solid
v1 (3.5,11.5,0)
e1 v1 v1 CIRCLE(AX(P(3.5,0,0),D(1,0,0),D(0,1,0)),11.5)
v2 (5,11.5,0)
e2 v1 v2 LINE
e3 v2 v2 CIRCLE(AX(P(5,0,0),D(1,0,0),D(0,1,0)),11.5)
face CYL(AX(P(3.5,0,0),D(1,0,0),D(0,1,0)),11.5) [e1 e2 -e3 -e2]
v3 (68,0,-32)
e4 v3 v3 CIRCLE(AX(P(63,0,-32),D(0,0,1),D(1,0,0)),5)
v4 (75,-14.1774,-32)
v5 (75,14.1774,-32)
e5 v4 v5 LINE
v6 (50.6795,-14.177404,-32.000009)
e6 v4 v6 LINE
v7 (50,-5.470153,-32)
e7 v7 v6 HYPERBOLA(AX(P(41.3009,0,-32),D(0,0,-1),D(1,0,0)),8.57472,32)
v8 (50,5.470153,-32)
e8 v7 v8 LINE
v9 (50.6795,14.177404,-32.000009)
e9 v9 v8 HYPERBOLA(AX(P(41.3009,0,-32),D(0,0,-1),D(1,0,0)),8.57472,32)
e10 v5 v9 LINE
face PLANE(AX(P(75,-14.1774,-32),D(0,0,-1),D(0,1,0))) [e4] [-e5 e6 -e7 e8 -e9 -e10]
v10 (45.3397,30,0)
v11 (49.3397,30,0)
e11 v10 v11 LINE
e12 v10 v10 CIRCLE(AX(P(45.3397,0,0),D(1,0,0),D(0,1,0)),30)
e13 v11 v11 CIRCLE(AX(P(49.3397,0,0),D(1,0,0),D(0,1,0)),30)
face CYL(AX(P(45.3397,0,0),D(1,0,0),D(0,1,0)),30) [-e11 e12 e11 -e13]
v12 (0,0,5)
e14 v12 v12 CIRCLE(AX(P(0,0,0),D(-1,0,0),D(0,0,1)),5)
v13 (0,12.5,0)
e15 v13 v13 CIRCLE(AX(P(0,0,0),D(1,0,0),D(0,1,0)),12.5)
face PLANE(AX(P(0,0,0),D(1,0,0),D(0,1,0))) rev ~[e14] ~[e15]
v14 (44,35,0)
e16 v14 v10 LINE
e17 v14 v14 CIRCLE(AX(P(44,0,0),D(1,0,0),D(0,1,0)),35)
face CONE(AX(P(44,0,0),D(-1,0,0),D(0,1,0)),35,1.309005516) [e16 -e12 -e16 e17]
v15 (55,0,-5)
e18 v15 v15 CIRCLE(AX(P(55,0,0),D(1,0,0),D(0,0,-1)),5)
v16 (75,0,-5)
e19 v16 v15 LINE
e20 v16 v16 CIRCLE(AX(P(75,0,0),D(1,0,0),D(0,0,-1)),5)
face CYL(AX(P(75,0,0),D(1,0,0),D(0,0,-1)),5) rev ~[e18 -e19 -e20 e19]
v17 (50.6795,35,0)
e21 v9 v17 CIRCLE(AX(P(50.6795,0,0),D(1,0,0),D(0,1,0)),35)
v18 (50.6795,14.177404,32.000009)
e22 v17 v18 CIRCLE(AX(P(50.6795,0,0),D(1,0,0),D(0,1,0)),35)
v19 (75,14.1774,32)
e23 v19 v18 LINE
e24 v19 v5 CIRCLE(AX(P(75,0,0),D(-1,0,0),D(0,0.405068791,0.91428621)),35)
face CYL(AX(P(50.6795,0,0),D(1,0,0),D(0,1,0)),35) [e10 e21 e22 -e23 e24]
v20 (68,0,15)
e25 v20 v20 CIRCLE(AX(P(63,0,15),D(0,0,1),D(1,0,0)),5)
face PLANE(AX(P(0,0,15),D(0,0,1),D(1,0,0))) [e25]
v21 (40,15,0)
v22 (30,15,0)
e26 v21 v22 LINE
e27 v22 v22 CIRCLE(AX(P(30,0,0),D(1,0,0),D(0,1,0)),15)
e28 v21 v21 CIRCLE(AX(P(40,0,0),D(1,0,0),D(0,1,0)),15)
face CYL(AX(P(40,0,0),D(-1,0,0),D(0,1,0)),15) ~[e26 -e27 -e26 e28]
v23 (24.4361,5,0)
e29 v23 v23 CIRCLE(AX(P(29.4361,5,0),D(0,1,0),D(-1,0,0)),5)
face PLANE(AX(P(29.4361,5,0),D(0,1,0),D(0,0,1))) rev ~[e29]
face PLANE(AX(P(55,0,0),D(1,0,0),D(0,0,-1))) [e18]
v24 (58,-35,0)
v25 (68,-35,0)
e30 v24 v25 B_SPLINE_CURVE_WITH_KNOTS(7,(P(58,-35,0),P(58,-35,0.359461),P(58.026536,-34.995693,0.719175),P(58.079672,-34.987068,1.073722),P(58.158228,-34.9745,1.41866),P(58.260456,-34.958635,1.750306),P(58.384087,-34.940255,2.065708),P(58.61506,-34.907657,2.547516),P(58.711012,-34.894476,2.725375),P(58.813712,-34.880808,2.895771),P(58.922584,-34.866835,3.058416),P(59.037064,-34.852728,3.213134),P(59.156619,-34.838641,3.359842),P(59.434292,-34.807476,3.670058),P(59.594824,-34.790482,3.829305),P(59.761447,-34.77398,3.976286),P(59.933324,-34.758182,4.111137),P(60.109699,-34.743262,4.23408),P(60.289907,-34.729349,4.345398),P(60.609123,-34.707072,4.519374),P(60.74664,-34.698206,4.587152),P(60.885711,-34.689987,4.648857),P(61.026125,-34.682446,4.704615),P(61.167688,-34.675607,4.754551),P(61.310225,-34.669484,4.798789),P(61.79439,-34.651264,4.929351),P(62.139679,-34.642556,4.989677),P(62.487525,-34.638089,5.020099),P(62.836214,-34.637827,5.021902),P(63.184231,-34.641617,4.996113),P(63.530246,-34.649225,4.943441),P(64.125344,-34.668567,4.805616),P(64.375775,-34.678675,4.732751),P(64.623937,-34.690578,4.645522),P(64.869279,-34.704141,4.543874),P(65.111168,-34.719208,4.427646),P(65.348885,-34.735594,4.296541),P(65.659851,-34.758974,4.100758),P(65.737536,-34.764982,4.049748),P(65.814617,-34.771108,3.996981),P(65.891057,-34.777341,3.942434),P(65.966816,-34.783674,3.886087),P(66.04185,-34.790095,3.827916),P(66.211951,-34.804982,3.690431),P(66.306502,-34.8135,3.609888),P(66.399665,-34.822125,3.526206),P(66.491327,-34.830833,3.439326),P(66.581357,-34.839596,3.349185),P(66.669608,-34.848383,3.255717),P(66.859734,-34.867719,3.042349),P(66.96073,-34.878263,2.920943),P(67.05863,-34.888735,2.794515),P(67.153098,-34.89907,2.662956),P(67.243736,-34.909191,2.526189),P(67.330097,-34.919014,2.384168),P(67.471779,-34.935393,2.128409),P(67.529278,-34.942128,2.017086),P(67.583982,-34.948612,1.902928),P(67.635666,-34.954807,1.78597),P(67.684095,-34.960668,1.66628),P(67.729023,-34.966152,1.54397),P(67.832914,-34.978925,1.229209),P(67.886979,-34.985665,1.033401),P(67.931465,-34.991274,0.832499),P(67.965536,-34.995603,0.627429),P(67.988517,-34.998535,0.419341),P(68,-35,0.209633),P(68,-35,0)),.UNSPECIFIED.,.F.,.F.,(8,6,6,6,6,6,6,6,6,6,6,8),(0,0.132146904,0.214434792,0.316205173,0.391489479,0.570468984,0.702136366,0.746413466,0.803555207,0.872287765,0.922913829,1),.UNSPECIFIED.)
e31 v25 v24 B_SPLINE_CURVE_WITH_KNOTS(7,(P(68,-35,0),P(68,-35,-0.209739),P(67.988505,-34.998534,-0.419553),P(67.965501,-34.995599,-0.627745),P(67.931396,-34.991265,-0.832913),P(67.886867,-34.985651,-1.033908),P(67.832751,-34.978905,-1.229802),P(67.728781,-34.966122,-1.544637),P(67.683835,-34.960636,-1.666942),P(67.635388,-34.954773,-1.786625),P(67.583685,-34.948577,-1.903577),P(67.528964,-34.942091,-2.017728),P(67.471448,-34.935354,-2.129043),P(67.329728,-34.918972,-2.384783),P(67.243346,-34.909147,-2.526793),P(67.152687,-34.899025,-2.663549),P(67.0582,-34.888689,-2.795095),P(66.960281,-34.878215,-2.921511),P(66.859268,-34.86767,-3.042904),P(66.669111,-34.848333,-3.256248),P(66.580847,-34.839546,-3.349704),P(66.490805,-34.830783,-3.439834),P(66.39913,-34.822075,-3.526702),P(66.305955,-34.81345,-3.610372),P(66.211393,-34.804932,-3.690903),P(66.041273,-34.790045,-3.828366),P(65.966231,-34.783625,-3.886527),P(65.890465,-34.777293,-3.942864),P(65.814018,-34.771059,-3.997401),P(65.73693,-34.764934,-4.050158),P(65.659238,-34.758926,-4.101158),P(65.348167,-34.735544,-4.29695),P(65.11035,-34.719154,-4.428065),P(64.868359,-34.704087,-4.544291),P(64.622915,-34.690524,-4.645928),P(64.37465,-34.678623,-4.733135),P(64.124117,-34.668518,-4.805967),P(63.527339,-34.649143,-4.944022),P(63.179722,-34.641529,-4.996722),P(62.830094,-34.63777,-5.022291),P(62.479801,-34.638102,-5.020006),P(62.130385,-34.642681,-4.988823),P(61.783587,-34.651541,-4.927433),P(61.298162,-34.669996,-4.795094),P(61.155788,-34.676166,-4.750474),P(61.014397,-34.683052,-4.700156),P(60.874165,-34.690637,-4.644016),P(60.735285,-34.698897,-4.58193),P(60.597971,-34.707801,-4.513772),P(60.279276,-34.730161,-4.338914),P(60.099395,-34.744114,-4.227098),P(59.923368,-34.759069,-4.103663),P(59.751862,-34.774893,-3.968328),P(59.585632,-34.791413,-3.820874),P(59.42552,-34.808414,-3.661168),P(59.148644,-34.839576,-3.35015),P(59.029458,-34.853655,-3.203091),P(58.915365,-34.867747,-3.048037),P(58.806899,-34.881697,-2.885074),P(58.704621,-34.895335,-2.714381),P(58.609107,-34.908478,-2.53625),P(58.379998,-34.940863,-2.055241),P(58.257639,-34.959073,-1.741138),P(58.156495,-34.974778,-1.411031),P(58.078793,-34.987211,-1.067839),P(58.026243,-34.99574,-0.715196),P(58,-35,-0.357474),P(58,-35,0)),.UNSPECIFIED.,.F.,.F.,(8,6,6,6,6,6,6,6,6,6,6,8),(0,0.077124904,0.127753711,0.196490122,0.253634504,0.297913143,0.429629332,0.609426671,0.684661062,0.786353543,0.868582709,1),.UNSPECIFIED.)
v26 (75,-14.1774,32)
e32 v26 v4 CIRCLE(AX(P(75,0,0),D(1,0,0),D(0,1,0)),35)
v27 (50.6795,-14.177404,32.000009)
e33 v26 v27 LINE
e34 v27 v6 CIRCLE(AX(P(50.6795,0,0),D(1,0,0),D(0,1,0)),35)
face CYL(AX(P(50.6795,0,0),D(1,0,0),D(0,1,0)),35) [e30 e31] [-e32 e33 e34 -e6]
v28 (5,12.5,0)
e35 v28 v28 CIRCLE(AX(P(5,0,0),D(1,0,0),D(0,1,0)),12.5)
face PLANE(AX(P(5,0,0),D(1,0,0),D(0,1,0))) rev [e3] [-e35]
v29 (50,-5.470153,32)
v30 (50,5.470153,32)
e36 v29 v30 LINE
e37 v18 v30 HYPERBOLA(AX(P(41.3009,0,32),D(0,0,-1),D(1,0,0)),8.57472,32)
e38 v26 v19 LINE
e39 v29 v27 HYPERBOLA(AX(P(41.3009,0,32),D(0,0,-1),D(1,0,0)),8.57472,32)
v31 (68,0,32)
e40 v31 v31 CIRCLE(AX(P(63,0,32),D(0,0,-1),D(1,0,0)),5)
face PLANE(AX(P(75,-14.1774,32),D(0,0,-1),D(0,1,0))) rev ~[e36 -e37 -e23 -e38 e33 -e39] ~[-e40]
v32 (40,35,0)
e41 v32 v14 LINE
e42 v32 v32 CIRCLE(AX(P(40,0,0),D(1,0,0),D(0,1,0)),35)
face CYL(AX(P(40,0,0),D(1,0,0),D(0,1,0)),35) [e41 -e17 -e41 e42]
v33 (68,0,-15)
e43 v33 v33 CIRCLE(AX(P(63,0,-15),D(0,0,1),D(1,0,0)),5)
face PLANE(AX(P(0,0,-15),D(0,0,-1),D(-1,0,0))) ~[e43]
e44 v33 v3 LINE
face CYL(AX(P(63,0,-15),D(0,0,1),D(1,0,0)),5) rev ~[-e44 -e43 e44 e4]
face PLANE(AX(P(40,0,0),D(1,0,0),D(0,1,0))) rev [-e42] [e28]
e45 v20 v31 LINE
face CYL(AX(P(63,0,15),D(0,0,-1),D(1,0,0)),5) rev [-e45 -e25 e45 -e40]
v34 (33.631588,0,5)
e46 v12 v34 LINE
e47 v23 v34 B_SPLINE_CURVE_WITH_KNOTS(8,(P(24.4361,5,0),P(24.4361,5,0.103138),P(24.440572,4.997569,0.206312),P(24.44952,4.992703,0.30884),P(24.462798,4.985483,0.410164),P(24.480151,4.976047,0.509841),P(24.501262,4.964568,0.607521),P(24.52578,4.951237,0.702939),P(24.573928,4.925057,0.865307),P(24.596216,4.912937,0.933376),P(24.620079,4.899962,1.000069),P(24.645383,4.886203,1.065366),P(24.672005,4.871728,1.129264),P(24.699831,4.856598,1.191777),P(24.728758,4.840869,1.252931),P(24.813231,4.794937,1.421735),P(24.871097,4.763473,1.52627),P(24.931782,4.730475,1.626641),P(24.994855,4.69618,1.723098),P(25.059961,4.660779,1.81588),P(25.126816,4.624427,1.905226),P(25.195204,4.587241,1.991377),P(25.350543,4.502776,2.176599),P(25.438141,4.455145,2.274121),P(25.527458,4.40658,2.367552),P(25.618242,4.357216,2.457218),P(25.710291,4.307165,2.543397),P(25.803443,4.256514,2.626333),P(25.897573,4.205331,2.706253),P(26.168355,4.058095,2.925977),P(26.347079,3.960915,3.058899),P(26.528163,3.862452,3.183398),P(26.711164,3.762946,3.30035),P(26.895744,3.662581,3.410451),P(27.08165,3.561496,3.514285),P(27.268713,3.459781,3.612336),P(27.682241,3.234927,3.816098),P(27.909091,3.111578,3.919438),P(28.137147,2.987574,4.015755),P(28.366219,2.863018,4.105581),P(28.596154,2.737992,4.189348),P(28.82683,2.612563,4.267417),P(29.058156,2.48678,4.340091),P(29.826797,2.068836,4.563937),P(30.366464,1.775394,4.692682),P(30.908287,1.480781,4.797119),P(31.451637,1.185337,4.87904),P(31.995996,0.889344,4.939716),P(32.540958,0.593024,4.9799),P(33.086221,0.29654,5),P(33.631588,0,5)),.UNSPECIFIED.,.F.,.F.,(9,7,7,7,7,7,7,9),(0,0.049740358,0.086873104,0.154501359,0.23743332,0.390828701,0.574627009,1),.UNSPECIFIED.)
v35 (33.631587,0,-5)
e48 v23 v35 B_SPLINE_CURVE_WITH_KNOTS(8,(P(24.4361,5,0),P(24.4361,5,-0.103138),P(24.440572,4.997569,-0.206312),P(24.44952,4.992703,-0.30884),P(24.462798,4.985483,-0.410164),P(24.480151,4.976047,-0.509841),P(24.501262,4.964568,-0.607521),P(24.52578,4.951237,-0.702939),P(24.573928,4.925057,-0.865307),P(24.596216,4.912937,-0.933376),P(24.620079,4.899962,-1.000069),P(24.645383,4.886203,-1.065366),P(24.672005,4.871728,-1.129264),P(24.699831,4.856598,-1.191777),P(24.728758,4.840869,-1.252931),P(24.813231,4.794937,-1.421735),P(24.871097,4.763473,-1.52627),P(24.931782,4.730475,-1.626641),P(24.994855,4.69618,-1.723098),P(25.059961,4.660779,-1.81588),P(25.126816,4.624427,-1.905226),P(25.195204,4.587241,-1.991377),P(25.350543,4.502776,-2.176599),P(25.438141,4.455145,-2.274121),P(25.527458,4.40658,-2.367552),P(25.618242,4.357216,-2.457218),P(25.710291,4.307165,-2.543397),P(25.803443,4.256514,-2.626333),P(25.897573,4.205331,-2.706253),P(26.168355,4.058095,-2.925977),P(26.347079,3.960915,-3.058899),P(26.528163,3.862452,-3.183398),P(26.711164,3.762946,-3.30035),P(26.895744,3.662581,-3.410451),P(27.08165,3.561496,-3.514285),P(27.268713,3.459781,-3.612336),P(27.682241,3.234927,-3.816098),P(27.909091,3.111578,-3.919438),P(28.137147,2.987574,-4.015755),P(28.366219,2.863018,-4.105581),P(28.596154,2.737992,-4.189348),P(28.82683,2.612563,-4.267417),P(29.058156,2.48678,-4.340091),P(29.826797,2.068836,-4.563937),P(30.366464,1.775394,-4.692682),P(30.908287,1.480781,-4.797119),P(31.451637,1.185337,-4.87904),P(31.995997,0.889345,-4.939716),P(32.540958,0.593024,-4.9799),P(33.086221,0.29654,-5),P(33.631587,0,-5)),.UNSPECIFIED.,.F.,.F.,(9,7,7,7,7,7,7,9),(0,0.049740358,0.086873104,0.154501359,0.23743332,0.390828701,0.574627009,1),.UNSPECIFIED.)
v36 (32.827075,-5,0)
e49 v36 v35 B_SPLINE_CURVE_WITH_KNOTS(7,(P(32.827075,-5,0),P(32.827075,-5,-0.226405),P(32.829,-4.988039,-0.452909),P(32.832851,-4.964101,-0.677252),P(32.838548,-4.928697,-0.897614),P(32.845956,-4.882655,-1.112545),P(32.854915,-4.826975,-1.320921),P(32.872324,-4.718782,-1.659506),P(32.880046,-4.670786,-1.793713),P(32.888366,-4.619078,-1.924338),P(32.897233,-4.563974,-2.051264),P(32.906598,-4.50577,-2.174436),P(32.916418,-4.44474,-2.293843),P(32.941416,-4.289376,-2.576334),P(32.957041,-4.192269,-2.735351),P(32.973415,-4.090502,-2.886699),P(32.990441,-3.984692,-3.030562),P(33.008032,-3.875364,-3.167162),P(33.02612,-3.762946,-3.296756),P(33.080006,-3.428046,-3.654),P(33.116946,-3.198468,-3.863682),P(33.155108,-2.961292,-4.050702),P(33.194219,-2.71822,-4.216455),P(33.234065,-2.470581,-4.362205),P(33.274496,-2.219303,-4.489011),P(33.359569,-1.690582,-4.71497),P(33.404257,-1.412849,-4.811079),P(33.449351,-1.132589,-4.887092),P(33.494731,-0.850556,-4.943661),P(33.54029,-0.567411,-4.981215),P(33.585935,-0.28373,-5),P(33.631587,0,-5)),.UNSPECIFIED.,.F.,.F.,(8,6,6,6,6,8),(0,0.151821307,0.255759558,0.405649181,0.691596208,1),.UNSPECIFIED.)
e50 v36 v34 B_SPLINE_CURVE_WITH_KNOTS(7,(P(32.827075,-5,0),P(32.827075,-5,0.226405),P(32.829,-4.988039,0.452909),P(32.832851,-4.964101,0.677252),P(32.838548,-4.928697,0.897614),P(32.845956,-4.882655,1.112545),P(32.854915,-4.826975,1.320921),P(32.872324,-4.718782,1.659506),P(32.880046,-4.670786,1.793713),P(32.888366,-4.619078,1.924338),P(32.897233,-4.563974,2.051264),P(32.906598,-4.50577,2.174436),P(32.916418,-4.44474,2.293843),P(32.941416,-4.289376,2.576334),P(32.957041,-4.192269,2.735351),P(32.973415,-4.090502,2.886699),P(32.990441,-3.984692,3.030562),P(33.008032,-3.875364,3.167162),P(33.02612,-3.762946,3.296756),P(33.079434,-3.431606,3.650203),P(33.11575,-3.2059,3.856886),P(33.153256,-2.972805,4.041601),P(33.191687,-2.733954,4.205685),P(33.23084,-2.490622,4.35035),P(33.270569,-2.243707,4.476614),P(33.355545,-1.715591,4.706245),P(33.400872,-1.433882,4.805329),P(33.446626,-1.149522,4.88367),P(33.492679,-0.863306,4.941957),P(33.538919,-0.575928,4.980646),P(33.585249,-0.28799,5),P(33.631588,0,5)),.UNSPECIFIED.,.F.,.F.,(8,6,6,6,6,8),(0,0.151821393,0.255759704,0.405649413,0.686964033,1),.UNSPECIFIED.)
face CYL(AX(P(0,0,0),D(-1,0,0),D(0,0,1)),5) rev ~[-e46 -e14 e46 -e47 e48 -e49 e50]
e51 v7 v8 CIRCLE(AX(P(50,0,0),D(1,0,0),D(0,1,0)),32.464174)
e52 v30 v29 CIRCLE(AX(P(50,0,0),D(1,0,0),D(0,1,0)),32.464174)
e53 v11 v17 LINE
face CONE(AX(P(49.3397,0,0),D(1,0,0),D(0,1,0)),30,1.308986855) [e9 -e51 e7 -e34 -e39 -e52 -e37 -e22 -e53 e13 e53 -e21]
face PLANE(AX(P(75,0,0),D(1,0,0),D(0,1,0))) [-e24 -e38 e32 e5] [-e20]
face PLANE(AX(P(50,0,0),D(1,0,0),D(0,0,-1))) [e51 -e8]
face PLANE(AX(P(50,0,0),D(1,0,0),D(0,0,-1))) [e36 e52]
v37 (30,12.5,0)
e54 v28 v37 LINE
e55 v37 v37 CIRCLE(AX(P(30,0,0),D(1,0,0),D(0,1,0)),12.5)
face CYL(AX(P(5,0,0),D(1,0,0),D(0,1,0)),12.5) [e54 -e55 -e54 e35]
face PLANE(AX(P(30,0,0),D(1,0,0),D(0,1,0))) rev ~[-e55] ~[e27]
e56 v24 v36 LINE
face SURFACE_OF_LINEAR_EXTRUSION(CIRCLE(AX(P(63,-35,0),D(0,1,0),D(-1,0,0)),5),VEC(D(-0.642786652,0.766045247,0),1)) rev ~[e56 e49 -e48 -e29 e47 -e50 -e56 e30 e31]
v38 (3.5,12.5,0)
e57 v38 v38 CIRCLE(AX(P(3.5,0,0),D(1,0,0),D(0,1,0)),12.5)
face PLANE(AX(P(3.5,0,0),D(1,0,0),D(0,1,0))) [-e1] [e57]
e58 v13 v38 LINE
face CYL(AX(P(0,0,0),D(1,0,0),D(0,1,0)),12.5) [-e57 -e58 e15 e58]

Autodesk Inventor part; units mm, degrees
ref_plane "YZ Plane" through (0, 0, 0) normal (1, 0, 0) x (0, 1, 0)
sketch "Boceto1" plane through (0, 0, 0) normal (0, 0, 1) x (1, 0, 0)
  line L0 (40, 35) -> (44, 35)
  line L1 (75, 35) -> (75, 0)
  line L2 (40, 12.5) -> (40, 15) construction
  line L3 (0, 0) -> (75, 0)
  line L4 (40, 15) -> (30, 15)
  line L5 (30, 15) -> (30, 12.5)
  line L6 (30, 12.5) -> (40, 12.5) construction
  line L7 (40, 15) -> (40, 35)
  line L8 (3.5, 12.5) -> (3.5, 11.5)
  line L9 (3.5, 11.5) -> (5, 11.5)
  line L10 (5, 11.5) -> (5, 12.5)
  line L11 (5, 12.5) -> (30, 12.5)
  line L12 (3.5, 12.5) -> (5, 12.5) construction
  line L13 (0, 12.5) -> (0, 0)
  line L14 (0, 12.5) -> (3.5, 12.5)
  line L15 (65, 35) -> (65, 0) construction
  line L16 (44, 35) -> (45.3397, 30)
  line L17 (45.3397, 30) -> (49.3397, 30)
  line L18 (49.3397, 30) -> (50.6795, 35)
  line L19 (47.3397, 30) -> (47.3397, 35) construction
  line L20 (47.3397, 35) -> (50.6795, 35) construction
  line L21 (44, 35) -> (47.3397, 35) construction
  line L22 (50.6795, 35) -> (75, 35)
  dimension "d59" = 75
  dimension "d61" = 35
  dimension "d82" = 35
  dimension "d111" = 10
  dimension "d112" = 15
  dimension "d113" = 1.5
  dimension "d114" = 1
  dimension "d115" = 25
  dimension "d130" = 12.5
  dimension "d133" = 10
  dimension "d134" = 2
  dimension "d135" = 105
  dimension "d136" = 105
  dimension "d137" = 5
  dimension "d138" = 4
revolve "Revolución1" add sketch "Boceto1" angle 360 about axis through (0, 0, 0) along (1, 0, 0)
ref_plane "Plano de trabajo3" through (0, 0, 15) normal (0, 0, 1) x (1, 0, 0)
sketch "Boceto3" plane through (0, 0, 15) normal (0, 0, 1) x (1, 0, 0)
  circle A0 centre (63, 0) radius 5
  line L0 (75, -35) -> (75, 35) projected
  point P0 (0, 0)
  dimension "d14" = 5
  dimension "d132" = 12
extrude "Extrusión1" cut sketch "Boceto3" along normal blind 80
mirror "Simetría1" about plane through (0, 0, 0) normal (0, 0, 1) of "Extrusión1"
sketch "Boceto10" plane through (75, 0, 0) normal (1, 0, 0) x (0, 0, -1)
  circle A0 centre (0, 0) radius 45.5
  circle A1 centre (0, 0) radius 12.5 construction
  circle A2 centre (0, 0) radius 5
  dimension "d116" = 91
  dimension "d117" = 10
extrude "Extrusión11" cut sketch "Boceto10" against normal blind 20 contours A2
thread "Rosca5"
thread "Rosca6"
thread "Rosca7"
ref_plane "Plano de trabajo6" through (62.8397, -35, 0) normal (0, 1, 0) x (-1, 0, 0)
sketch "Boceto15" plane through (62.8397, -35, 0) normal (0, 1, 0) x (-1, 0, 0)
  circle A0 centre (-0.1603, 0) radius 5
  line L0 (-12.1603, 35) -> (-12.1603, -35) projected
  point P0 (62.8397, 0)
  dimension "d139" = 10
  dimension "d140" = 12
sketch "Boceto16" plane through (0, 0, 0) normal (0, 0, 1) x (1, 0, 0)
  line L0 (50.6795, -35) -> (75, -35) projected
  line L1 (62.8397, -35) -> (29.2758, 5)
  line L2 (62.8397, -35) -> (62.8397, 5) construction
  point P0 (0, 0)
  dimension "d141" = 40
  dimension "d151" = 5
sweep "Barrido1" cut profiles "Boceto15" path "Boceto16" path curves L1
sketch "Boceto17" plane through (0, 0, 0) normal (-1, 0, 0) x (0, 0, 1)
  circle A0 centre (0, 0) radius 5 projected
  circle A1 centre (0, 0) radius 5
  point P0 (0, 0)
  dimension "d144" = 10
extrude "Extrusión13" cut sketch "Boceto17" against normal up to surface
sketch "Sketch18" plane through (75, 0, 0) normal (1, 0, 0) x (0, 0, -1)
  circle A0 centre (0, 0) radius 35 projected
  line L0 (-32, -14.1774) -> (-32, 14.1774)
  line L1 (32, -14.1774) -> (32, 14.1774)
  point P0 (0, 0)
  dimension "d152" = 32
  dimension "d153" = 32
extrude "Extrusion14" cut sketch "Sketch18" against normal blind 25 contours A0 L1 | L0 A0
properties part number "soporte planetario" material "Acetal Resin, Black"
